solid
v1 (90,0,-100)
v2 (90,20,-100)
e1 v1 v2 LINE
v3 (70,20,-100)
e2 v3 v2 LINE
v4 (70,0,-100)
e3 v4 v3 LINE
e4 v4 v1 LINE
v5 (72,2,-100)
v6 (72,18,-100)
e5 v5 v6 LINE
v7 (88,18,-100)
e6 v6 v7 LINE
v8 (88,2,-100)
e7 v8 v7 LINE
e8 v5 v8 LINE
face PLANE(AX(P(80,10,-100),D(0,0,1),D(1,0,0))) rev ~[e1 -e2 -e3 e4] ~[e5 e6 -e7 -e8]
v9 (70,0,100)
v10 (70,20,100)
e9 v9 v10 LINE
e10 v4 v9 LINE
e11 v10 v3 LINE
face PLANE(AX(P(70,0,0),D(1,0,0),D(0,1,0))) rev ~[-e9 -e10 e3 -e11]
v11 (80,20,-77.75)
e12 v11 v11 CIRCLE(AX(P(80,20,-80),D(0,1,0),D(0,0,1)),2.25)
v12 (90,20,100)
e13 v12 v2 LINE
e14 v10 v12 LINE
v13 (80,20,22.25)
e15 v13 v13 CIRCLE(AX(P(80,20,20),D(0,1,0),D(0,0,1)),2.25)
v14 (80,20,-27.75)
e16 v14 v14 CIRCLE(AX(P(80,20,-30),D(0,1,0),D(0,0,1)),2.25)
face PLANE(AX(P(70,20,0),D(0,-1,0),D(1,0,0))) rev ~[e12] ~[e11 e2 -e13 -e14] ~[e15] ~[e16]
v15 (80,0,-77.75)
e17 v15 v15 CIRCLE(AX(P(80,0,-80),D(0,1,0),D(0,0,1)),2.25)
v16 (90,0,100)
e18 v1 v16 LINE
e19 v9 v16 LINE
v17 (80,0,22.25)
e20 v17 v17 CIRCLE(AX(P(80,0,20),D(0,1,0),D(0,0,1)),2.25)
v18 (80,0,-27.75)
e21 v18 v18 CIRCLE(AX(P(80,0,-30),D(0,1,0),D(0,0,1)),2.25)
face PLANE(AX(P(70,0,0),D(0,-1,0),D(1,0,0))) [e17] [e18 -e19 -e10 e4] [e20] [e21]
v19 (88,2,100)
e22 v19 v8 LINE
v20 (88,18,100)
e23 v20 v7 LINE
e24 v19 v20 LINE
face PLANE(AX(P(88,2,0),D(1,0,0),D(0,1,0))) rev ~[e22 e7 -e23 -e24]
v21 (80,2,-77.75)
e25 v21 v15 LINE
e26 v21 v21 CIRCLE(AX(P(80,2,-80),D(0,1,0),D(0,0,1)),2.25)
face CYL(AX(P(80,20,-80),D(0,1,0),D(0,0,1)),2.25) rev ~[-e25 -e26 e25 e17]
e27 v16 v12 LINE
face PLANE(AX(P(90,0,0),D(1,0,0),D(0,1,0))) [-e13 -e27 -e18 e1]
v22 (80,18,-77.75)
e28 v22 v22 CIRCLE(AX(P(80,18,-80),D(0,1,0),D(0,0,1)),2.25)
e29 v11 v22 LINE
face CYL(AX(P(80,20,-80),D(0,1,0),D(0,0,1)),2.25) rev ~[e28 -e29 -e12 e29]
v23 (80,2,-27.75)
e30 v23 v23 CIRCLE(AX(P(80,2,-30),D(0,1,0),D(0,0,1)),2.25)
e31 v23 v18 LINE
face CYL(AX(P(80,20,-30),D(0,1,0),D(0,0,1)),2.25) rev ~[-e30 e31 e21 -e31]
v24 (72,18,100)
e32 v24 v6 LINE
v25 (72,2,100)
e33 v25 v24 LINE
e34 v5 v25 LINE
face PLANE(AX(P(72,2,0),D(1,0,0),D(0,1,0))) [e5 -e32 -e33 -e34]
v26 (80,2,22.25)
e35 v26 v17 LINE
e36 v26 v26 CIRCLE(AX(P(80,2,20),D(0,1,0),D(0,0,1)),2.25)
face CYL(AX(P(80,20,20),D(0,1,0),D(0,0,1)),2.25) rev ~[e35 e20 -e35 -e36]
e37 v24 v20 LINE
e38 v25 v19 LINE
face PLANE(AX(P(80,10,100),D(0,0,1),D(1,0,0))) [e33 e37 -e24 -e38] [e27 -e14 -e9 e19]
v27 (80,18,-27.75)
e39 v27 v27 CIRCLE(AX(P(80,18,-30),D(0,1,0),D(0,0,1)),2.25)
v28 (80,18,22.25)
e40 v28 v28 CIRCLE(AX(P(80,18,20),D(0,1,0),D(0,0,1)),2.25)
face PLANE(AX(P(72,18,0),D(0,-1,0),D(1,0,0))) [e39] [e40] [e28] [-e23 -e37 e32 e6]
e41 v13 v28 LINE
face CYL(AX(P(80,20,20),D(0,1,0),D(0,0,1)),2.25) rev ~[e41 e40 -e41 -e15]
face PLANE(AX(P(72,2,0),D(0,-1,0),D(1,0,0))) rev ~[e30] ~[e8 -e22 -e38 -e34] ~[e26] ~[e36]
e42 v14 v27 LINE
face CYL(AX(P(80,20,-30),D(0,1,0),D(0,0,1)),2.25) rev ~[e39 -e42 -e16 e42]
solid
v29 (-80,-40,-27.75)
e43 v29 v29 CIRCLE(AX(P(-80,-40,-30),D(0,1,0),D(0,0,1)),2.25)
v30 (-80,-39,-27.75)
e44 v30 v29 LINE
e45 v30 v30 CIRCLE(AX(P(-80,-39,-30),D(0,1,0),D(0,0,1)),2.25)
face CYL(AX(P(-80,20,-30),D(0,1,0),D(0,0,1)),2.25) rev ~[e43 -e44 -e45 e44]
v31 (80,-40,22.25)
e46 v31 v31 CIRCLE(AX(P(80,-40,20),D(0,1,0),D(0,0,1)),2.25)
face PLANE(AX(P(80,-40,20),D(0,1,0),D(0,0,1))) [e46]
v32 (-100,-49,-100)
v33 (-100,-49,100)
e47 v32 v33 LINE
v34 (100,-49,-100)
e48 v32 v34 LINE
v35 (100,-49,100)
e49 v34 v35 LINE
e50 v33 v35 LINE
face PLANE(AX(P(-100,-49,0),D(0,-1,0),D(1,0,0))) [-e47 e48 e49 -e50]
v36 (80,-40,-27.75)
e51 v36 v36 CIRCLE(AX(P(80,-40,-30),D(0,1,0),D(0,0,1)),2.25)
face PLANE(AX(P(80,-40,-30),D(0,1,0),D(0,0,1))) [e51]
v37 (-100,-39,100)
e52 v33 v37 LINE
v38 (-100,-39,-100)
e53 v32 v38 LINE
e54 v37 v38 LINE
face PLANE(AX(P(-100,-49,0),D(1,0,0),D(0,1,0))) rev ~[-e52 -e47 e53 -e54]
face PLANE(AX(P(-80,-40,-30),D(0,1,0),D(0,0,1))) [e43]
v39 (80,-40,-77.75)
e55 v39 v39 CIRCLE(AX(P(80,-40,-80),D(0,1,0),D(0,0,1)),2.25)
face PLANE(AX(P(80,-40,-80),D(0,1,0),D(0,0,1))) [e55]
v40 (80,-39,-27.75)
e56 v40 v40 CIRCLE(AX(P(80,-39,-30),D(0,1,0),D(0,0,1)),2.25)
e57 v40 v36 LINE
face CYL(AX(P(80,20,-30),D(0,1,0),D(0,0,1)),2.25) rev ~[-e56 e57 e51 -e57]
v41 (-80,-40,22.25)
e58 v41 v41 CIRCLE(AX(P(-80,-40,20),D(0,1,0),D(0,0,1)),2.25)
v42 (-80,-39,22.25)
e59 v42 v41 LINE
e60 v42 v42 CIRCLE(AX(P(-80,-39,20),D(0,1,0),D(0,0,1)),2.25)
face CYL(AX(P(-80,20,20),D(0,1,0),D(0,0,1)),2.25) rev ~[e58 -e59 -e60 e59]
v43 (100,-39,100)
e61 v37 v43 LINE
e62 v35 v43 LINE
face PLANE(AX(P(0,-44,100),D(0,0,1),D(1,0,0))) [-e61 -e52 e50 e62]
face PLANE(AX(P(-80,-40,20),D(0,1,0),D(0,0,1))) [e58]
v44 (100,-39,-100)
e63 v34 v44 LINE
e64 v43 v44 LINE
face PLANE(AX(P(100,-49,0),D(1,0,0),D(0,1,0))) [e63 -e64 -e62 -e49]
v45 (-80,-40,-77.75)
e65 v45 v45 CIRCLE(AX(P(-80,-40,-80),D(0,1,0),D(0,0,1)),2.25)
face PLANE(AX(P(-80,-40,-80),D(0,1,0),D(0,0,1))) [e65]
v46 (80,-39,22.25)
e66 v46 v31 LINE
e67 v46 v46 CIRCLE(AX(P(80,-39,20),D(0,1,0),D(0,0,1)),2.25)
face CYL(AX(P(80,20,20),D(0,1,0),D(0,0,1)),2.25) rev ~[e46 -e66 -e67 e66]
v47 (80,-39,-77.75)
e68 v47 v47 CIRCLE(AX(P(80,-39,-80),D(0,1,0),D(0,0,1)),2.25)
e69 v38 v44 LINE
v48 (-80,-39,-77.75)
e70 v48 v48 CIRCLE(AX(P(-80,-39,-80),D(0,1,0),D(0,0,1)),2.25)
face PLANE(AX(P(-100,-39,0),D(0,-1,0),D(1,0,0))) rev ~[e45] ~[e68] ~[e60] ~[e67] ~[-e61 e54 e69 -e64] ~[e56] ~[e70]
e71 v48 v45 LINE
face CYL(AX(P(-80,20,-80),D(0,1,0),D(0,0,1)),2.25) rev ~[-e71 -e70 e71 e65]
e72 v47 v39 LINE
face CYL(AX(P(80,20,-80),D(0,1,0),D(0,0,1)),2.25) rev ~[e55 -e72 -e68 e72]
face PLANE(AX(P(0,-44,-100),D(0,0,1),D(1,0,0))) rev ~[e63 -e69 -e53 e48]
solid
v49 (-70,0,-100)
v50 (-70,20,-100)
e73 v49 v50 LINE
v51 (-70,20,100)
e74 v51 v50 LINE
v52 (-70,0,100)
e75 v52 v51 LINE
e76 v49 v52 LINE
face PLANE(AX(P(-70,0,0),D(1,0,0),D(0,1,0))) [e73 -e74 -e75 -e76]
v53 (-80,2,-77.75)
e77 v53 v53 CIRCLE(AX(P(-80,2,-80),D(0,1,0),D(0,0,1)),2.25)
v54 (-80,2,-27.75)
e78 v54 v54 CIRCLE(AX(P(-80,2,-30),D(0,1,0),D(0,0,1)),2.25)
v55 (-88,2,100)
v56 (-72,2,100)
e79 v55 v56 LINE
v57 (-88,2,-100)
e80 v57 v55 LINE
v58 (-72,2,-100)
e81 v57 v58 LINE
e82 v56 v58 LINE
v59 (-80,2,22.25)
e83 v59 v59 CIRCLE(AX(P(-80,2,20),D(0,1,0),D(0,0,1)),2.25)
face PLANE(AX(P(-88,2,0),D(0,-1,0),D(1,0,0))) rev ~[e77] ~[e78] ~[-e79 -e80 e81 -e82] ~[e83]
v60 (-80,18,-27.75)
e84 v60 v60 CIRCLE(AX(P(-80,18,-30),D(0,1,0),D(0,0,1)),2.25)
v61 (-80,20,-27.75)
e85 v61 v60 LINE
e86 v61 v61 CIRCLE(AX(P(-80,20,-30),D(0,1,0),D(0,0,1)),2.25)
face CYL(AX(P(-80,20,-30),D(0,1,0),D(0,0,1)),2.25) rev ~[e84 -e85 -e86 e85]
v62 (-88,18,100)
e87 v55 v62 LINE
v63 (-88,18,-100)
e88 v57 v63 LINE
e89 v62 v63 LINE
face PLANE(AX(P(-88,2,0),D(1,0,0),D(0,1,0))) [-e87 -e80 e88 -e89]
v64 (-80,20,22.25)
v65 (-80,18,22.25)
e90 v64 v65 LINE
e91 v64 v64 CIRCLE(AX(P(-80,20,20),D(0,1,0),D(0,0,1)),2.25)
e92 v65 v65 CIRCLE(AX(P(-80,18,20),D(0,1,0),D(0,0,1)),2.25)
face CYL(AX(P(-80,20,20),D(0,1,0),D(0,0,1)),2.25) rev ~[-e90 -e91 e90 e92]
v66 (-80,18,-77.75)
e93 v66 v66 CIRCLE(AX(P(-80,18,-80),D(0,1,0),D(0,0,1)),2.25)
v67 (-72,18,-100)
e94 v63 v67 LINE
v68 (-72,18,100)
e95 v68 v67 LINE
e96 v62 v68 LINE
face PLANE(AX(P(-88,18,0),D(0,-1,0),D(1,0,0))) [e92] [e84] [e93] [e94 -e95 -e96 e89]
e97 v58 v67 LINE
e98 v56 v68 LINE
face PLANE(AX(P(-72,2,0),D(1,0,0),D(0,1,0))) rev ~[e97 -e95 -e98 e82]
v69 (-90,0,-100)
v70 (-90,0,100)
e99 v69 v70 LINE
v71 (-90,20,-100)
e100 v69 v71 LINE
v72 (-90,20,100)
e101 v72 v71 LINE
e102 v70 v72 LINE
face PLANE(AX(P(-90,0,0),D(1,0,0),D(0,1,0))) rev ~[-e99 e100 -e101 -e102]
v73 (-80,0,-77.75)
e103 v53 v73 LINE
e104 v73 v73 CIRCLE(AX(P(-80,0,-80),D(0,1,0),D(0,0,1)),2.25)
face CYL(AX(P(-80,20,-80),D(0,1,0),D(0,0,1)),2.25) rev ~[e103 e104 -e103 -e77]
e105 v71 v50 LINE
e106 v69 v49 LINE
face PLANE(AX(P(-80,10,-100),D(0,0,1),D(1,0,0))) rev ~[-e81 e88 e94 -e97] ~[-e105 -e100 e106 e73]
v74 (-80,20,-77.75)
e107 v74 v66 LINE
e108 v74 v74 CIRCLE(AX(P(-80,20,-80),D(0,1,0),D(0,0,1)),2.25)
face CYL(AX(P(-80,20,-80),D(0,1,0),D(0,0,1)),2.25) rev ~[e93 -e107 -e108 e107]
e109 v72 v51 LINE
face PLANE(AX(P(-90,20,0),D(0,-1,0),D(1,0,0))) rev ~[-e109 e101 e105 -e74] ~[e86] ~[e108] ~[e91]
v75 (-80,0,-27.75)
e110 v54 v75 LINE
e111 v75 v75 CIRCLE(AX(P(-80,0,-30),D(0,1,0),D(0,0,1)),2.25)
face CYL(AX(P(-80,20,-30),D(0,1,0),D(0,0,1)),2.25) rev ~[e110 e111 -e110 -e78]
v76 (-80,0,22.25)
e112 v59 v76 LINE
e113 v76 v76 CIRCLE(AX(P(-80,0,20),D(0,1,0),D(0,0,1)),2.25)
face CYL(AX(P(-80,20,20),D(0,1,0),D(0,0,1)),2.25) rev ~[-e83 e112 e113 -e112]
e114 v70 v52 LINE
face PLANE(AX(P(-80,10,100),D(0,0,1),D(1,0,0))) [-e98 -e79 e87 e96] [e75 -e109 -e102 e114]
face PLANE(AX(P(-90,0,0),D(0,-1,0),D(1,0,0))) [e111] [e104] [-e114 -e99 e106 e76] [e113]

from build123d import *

# Parameters (mm, degrees)
SKETCH_1_W          = 200
SKETCH_1_H          = 10
EXTRUDE_1_DEPTH     = 100
SKETCH_1_W_2        = 20
SKETCH_1_H_2        = 20
SKETCH_1_W_3        = 16
SKETCH_1_H_3        = 16
EXTRUDE_1_2_DEPTH   = 100
EXTRUDE_1_3_DEPTH   = 100
SKETCH_2_R          = 2.25
CUT_EXTRUDE_1_DEPTH = 20
SKETCH_3_R          = 2.25
CUT_EXTRUDE_6_DEPTH = 60


with BuildPart() as part:
    # 草图1 → 凸台-拉伸1 (new, symmetric)
    with BuildSketch(Plane.XY):
        with Locations((0, -44)):
            Rectangle(SKETCH_1_W, SKETCH_1_H)
    extrude(amount=EXTRUDE_1_DEPTH, both=True)

    # 草图3 → 切除-拉伸6 (cut)
    with BuildSketch(Plane(origin=(0, 20, 0), x_dir=(1, 0, 0), z_dir=(0, 1, 0))):
        with Locations(Location((80, -20, 0), (0, 0, 270))):
            Circle(SKETCH_3_R)
        with Locations(Location((80, 30, 0), (0, 0, 270))):
            Circle(SKETCH_3_R)
        with Locations(Location((80, 80, 0), (0, 0, 270))):
            Circle(SKETCH_3_R)
        with Locations(Location((-80, -20, 0), (0, 0, 270))):
            Circle(SKETCH_3_R)
        with Locations(Location((-80, 30, 0), (0, 0, 270))):
            Circle(SKETCH_3_R)
        with Locations(Location((-80, 80, 0), (0, 0, 270))):
            Circle(SKETCH_3_R)
    extrude(amount=-CUT_EXTRUDE_6_DEPTH, mode=Mode.SUBTRACT)


with BuildPart() as body_2:
    # 草图1 → Extrude 1 2 (new, symmetric)
    with BuildSketch(Plane.XY):
        with Locations((-80, 10)):
            Rectangle(SKETCH_1_W_2, SKETCH_1_H_2)
        with Locations((-80, 10)):
            Rectangle(SKETCH_1_W_3, SKETCH_1_H_3, mode=Mode.SUBTRACT)
    extrude(amount=EXTRUDE_1_2_DEPTH, both=True)


with BuildPart() as body_3:
    # 草图1 → Extrude 1 3 (new, symmetric)
    with BuildSketch(Plane.XY):
        with Locations((80, 10)):
            Rectangle(SKETCH_1_W_2, SKETCH_1_H_2)
        with Locations((80, 10)):
            Rectangle(SKETCH_1_W_3, SKETCH_1_H_3, mode=Mode.SUBTRACT)
    extrude(amount=EXTRUDE_1_3_DEPTH, both=True)


with BuildPart() as cut_extrude_1_tool:
    # 草图2 → 切除-拉伸1 (new body)
    with BuildSketch(Plane(origin=(0, 20, 0), x_dir=(1, 0, 0), z_dir=(0, 1, 0))):
        with Locations(Location((80, 80, 0), (0, 0, 270))):
            Circle(SKETCH_2_R)
        with Locations(Location((80, 30, 0), (0, 0, 270))):
            Circle(SKETCH_2_R)
        with Locations(Location((80, -20, 0), (0, 0, 270))):
            Circle(SKETCH_2_R)
        with Locations(Location((-80, -20, 0), (0, 0, 270))):
            Circle(SKETCH_2_R)
        with Locations(Location((-80, 30, 0), (0, 0, 270))):
            Circle(SKETCH_2_R)
        with Locations(Location((-80, 80, 0), (0, 0, 270))):
            Circle(SKETCH_2_R)
    extrude(amount=-CUT_EXTRUDE_1_DEPTH)


with BuildPart() as body_2_1:
    add(body_2.part)

    # 切除-拉伸1: cut by cut_extrude_1_tool
    add(cut_extrude_1_tool.part, mode=Mode.SUBTRACT)


with BuildPart() as body_3_1:
    add(body_3.part)

    # 切除-拉伸1: cut by cut_extrude_1_tool
    add(cut_extrude_1_tool.part, mode=Mode.SUBTRACT)


solid = Compound([part.part, body_2_1.part, body_3_1.part])
